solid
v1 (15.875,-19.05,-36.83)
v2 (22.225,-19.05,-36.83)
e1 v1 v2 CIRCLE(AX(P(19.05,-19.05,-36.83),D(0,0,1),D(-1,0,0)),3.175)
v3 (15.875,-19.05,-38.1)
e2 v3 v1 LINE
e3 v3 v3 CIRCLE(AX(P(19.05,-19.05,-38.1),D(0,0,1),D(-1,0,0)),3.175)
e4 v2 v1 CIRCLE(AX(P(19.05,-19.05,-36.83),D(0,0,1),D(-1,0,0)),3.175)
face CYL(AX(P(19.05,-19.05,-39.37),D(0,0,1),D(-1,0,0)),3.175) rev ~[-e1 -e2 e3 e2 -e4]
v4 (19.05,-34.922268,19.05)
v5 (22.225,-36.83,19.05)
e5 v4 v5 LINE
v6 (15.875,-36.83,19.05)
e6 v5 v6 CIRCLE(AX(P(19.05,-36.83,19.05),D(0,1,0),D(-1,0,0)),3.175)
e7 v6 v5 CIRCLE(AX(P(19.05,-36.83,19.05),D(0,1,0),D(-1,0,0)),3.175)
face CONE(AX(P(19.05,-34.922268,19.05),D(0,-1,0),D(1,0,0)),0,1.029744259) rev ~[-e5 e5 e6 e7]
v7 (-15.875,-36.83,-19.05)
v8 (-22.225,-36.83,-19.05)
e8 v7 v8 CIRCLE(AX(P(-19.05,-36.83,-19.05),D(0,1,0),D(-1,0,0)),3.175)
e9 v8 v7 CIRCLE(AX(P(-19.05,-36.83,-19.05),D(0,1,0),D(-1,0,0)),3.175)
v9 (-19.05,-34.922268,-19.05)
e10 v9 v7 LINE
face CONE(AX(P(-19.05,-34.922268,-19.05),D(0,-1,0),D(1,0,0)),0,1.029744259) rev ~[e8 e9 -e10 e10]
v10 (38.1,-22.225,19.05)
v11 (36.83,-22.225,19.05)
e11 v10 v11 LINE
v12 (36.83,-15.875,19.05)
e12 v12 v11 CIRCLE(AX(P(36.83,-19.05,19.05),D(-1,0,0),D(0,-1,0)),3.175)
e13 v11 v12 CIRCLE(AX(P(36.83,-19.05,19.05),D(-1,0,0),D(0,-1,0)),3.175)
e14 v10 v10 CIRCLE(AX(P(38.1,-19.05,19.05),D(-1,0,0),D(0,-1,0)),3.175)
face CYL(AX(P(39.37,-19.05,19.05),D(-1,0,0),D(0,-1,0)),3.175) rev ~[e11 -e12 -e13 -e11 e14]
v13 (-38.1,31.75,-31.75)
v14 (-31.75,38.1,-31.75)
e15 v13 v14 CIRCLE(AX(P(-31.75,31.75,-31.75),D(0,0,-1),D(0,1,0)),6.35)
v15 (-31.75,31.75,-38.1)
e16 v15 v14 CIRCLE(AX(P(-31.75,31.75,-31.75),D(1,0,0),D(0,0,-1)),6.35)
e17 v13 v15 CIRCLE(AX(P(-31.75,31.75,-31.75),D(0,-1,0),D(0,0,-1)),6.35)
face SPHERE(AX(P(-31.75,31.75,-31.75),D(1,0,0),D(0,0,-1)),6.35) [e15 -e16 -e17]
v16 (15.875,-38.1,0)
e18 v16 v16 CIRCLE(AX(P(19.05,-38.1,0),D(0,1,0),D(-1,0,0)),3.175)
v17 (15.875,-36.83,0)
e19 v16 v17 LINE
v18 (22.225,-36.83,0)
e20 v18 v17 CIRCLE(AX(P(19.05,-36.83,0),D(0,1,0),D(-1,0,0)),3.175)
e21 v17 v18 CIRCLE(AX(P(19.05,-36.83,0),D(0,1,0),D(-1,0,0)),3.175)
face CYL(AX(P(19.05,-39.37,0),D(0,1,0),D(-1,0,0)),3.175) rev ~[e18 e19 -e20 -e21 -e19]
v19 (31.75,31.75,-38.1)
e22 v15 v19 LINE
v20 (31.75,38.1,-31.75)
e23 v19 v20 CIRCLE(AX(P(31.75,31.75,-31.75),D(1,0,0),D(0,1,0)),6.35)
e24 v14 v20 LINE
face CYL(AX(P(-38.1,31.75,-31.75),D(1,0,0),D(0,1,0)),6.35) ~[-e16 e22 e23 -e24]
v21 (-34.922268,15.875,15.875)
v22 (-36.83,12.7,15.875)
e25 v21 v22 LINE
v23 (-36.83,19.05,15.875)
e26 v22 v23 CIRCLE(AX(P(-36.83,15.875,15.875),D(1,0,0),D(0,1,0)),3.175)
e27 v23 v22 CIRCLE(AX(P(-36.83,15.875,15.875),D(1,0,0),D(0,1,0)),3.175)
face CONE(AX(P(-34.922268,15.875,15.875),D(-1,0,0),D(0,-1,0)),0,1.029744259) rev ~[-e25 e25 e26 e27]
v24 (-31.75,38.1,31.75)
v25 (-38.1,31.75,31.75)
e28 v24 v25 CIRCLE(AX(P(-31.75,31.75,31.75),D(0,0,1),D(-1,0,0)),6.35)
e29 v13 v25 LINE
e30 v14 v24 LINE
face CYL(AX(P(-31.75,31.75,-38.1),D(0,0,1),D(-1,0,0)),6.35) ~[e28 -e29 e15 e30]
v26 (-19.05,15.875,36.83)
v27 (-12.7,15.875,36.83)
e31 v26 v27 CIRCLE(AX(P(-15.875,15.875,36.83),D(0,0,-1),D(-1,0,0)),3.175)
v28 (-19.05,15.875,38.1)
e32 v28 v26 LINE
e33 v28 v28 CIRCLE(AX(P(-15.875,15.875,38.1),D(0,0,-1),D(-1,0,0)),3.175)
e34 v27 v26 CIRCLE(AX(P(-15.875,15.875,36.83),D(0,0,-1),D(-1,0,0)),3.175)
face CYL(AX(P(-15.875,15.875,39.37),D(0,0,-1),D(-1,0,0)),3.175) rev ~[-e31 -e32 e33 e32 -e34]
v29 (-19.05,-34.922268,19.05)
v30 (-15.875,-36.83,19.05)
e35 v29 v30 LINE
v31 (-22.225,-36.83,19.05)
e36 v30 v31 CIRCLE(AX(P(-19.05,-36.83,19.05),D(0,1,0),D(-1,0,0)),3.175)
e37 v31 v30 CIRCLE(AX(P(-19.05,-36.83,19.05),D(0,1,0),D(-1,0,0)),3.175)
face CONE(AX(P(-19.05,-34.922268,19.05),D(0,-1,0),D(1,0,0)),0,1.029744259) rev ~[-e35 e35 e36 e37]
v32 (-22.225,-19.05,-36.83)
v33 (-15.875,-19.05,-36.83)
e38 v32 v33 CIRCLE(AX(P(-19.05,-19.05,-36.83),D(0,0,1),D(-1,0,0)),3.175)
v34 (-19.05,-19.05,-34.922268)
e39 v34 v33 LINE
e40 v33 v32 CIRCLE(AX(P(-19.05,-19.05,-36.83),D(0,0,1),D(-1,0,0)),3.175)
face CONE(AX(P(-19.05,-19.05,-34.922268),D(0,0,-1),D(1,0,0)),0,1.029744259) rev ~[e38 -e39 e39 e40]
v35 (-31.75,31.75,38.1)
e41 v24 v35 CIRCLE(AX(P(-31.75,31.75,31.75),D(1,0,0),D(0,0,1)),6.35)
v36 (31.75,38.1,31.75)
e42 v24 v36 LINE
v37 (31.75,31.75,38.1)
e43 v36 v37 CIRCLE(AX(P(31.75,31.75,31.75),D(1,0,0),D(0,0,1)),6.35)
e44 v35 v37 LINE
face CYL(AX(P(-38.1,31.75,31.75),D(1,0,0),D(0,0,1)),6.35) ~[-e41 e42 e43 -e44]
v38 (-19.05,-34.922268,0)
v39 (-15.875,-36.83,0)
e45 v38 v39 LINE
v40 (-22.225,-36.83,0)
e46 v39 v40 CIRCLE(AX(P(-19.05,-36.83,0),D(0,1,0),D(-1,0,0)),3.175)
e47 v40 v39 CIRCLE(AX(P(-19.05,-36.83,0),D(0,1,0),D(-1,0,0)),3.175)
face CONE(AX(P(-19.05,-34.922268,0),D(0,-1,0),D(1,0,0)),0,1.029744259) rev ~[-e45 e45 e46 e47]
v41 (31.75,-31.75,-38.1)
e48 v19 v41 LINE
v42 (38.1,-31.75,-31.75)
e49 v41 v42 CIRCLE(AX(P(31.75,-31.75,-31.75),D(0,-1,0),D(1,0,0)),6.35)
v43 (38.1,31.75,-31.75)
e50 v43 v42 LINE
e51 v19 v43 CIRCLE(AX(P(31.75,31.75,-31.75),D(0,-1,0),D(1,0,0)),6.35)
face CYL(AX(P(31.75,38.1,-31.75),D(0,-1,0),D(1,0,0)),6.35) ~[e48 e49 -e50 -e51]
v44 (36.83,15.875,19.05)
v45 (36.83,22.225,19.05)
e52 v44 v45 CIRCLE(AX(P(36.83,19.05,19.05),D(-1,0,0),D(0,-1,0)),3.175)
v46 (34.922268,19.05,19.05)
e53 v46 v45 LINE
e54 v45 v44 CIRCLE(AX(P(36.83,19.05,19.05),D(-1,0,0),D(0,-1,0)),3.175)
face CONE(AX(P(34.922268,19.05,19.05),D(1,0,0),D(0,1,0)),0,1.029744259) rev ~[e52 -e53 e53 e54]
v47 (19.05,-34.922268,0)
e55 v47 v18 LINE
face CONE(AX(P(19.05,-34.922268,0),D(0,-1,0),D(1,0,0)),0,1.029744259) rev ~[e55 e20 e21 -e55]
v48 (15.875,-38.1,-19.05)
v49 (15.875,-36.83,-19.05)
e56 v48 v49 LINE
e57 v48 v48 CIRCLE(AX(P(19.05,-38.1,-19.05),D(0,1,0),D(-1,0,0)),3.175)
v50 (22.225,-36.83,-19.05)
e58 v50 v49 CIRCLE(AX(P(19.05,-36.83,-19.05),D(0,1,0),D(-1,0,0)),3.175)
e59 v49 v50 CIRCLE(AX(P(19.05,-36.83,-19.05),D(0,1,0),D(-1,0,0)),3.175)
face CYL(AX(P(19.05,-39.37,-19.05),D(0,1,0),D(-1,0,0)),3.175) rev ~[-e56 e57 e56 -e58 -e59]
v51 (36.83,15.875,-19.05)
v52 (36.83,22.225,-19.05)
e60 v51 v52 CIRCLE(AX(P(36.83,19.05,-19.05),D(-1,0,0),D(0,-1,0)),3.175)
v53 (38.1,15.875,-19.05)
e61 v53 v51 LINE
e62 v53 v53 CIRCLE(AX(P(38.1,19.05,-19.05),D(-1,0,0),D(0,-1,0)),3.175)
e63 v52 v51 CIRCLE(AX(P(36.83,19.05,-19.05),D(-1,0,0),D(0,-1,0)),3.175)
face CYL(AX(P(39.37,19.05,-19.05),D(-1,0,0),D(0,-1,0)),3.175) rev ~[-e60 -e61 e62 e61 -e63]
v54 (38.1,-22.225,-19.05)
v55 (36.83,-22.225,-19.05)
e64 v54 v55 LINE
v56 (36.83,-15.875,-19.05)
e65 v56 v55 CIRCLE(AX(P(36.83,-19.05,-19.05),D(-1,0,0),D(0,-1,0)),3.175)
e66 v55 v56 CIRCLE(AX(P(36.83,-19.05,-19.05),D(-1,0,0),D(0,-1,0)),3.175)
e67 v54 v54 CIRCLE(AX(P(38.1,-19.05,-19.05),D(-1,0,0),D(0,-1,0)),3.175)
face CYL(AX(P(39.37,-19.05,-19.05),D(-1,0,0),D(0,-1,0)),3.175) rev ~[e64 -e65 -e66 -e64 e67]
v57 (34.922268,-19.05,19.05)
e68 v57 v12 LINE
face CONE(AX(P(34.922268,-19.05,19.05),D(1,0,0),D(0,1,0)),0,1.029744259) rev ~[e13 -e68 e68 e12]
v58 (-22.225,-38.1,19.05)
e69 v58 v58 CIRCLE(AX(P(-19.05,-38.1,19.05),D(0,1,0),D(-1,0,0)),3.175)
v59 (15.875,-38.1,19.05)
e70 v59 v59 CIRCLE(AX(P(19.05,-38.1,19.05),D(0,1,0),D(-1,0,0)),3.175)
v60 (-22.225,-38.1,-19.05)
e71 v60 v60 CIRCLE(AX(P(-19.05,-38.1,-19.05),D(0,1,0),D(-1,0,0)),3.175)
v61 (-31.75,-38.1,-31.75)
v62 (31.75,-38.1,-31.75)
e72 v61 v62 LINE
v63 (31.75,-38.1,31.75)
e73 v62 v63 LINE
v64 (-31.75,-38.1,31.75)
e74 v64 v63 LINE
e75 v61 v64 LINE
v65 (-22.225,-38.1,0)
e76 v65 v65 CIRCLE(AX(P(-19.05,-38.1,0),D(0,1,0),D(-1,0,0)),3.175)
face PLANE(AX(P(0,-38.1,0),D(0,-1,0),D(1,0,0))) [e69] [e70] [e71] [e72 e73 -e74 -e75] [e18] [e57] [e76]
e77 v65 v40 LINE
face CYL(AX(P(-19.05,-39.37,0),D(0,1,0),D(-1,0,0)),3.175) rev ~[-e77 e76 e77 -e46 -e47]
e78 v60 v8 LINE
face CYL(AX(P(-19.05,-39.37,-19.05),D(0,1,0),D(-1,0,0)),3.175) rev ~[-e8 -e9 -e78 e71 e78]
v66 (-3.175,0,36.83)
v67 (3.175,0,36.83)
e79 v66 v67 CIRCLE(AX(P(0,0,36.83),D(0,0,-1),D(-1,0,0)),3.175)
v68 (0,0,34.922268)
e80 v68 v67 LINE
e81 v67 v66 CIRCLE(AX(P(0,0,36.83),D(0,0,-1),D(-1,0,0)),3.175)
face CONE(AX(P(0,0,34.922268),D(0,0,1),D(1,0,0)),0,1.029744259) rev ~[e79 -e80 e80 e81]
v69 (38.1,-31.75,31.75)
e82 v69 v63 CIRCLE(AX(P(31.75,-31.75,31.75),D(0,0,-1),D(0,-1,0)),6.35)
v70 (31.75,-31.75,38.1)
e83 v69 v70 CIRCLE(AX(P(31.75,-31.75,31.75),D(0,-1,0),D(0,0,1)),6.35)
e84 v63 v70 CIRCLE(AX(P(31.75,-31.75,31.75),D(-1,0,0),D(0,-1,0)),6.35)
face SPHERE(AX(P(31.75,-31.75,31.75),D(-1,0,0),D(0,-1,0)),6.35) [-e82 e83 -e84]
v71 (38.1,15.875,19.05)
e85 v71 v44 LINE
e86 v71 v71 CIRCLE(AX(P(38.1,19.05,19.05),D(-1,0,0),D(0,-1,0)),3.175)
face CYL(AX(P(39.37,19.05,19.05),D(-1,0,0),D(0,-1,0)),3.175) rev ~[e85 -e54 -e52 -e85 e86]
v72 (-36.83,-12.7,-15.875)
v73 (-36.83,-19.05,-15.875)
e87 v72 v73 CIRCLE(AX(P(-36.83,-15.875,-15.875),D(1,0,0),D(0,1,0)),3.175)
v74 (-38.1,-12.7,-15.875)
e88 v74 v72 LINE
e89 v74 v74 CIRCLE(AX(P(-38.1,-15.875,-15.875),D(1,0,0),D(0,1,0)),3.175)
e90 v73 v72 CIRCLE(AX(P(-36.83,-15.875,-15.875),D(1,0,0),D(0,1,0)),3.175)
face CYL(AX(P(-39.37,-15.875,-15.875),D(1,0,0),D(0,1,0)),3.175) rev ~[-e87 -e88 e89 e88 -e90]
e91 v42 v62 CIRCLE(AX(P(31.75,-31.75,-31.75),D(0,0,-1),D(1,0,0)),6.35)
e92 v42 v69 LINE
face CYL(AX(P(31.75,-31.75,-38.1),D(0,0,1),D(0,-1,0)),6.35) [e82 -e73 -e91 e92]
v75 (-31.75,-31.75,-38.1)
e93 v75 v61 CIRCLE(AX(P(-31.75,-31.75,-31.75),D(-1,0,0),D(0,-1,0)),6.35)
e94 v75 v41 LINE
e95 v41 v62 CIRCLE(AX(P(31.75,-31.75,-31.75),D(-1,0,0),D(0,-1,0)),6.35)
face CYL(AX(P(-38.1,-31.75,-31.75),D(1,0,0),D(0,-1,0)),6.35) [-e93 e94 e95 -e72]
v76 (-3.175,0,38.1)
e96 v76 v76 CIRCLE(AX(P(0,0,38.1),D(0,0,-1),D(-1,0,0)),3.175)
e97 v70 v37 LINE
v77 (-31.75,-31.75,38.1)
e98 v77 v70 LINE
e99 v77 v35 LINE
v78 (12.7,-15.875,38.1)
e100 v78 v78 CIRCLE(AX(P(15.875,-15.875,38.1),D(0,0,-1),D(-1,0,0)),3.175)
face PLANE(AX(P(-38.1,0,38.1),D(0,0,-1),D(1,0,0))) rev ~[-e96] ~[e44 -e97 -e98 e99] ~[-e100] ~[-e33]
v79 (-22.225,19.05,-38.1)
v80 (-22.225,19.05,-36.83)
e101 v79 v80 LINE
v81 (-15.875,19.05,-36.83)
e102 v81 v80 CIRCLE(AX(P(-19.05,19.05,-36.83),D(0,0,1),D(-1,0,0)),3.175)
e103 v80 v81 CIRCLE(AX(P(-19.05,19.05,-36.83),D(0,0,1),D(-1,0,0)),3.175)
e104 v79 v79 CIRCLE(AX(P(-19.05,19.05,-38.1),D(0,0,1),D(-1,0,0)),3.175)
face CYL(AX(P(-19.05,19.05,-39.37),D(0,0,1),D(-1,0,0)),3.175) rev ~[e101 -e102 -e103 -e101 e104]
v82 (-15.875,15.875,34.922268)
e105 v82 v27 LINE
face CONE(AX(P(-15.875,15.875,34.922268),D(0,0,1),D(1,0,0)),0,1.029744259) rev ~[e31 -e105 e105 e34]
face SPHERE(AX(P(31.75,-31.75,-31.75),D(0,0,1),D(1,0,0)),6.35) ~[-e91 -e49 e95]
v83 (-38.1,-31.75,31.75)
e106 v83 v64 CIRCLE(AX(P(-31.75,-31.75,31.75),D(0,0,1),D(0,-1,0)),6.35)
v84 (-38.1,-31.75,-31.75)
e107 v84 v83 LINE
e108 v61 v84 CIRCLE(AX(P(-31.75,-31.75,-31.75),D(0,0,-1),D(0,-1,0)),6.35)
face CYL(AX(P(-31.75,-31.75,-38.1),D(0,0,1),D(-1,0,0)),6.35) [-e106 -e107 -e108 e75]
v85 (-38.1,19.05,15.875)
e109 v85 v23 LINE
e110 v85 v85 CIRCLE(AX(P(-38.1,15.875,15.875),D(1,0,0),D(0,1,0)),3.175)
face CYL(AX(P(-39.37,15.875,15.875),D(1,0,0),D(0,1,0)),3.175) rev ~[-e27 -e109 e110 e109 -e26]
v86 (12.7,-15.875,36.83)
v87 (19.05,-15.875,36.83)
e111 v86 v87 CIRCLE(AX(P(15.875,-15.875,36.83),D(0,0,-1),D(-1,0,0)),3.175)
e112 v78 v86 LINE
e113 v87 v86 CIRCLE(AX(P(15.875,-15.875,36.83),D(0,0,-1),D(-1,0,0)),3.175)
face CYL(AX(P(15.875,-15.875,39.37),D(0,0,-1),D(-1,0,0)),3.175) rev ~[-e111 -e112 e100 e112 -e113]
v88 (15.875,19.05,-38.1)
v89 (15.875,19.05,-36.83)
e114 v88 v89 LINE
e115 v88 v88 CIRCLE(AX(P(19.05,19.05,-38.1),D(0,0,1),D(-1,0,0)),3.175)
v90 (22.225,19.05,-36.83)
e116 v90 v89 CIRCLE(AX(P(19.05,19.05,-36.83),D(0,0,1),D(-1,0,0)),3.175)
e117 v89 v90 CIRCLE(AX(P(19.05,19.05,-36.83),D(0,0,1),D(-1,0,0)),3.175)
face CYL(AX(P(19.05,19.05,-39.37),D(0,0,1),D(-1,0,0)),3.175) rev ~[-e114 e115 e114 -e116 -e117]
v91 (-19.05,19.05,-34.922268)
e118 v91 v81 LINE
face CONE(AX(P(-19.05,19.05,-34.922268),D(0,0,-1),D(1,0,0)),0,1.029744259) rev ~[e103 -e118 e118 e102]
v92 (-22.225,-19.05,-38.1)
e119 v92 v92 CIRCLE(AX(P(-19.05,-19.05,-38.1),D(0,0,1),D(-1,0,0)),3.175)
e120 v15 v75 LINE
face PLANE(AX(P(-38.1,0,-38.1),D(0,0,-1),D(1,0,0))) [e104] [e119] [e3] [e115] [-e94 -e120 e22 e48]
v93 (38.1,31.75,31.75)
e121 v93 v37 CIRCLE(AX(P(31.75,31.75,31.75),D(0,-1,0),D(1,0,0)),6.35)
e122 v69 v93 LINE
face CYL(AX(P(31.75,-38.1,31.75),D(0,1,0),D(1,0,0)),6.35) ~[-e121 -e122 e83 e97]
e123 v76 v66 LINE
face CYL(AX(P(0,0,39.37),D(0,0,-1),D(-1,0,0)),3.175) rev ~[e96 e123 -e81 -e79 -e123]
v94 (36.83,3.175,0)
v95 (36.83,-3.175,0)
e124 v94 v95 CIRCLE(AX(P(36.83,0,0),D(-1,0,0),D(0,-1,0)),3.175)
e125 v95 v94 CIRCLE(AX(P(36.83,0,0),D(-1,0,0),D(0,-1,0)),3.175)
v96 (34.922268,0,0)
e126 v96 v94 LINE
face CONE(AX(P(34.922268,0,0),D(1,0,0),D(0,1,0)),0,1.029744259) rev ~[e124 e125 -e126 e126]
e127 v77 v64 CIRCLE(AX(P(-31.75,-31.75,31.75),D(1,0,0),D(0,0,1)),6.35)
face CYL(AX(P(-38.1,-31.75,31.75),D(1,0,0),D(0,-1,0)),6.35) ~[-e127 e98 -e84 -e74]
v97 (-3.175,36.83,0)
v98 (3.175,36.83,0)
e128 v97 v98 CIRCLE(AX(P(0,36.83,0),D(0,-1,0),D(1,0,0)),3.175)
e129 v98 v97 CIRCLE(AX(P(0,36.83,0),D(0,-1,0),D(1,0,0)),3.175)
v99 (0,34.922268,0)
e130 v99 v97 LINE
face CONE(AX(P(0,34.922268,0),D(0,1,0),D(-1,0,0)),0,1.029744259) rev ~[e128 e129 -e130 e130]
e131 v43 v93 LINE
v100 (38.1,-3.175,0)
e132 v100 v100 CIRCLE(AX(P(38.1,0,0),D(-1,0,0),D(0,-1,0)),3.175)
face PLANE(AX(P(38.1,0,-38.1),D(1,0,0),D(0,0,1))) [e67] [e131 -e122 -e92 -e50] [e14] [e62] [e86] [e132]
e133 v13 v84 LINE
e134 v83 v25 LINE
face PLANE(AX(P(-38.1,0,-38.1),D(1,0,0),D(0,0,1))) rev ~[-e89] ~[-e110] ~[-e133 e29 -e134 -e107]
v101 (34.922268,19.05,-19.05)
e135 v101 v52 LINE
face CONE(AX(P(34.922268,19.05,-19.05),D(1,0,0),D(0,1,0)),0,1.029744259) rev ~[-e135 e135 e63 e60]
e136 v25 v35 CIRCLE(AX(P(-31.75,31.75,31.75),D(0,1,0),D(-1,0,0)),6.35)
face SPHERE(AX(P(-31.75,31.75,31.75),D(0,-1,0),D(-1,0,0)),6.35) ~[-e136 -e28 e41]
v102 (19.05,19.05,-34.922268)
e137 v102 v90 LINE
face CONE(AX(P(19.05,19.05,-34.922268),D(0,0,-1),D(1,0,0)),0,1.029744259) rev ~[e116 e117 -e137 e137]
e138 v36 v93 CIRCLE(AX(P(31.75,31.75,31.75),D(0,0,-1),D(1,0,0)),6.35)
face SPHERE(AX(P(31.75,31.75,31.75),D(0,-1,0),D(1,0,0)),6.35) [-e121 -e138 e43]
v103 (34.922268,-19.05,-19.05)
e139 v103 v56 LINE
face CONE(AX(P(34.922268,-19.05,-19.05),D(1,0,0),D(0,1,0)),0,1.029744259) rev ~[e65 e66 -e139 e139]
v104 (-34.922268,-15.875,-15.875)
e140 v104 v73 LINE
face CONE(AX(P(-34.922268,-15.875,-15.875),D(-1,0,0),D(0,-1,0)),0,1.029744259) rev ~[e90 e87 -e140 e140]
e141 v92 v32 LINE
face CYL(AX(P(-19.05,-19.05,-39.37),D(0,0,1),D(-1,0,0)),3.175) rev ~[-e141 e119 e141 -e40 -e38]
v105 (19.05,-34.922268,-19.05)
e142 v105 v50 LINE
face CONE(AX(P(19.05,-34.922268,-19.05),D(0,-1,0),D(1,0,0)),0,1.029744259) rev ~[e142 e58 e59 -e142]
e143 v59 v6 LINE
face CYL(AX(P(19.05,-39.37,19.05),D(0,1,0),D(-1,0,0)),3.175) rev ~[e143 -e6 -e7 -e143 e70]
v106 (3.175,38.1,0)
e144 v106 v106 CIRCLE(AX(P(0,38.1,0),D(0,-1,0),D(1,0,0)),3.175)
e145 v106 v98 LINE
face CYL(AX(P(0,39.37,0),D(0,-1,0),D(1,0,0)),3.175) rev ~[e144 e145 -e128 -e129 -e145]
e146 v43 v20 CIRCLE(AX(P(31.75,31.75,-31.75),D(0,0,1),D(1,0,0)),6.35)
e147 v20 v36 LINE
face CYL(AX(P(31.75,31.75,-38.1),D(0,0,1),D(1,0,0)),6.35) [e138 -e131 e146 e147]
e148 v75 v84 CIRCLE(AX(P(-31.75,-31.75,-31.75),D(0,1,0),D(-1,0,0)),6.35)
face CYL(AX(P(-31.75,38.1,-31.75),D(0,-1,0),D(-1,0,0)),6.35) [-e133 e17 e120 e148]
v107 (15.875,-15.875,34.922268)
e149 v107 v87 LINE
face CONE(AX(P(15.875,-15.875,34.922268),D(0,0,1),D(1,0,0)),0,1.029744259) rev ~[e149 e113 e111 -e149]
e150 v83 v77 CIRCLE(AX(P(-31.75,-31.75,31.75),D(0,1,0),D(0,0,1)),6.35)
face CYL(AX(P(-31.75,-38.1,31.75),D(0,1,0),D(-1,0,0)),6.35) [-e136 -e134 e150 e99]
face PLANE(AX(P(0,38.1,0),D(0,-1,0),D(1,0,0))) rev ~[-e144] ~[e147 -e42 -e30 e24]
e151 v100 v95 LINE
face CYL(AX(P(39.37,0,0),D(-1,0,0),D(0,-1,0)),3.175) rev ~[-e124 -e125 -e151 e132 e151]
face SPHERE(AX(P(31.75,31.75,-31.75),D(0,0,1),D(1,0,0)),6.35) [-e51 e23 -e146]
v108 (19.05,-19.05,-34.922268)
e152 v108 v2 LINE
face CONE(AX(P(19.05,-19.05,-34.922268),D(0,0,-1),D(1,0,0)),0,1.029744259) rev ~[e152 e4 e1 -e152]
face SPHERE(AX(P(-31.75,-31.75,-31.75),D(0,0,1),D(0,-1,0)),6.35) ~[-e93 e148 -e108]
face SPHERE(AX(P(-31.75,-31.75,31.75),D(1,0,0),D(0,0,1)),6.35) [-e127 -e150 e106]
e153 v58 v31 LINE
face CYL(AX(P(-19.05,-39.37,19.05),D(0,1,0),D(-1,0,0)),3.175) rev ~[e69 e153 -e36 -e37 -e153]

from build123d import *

# Parameters (mm, degrees)
F0_W      = 76.2
F0_H      = 76.2
F1_DEPTH  = 38.1
F2_R      = 6.35
F4_D      = 6.35
F4_DEPTH  = 1.27
F4_TIP    = 1.9077324654
F6_D      = 6.35
F6_DEPTH  = 1.27
F6_TIP    = 1.9077324654
F8_D      = 6.35
F8_DEPTH  = 1.27
F8_TIP    = 1.9077324654
F10_D     = 6.35
F10_DEPTH = 1.27
F10_TIP   = 1.9077324654
F12_D     = 6.35
F12_DEPTH = 1.27
F12_TIP   = 1.9077324654
F14_D     = 6.35
F14_DEPTH = 1.27
F14_TIP   = 1.9077324654


with BuildPart() as f1:
    # F0 (on Front) → F1 (new body, symmetric)
    with BuildSketch(Plane.XZ):
        Rectangle(F0_W, F0_H)
    extrude(amount=F1_DEPTH, both=True)

    # F2
    f2_edges = [f1.edges().sort_by_distance(p)[0] for p in [
        (0, -38.1, 38.1),
        (-38.1, 0, 38.1),
        (-38.1, -38.1, 0),
        (38.1, -38.1, 0),
        (38.1, 0, 38.1),
        (38.1, 38.1, 0),
        (38.1, 0, -38.1),
        (0, 38.1, -38.1),
        (0, -38.1, -38.1),
        (-38.1, 0, -38.1),
        (-38.1, 38.1, 0),
        (0, 38.1, 38.1),
    ]]
    fillet(f2_edges, radius=F2_R)

    # F4
    with Locations(Plane.XZ.offset(38.1)):
        with Locations((-19.05, 0), (-19.05, 19.05), (19.05, 19.05), (19.05, 0), (19.05, -19.05), (-19.05, -19.05)):
            Hole(F4_D / 2, depth=F4_DEPTH)
            with Locations((0, 0, -(F4_DEPTH + F4_TIP / 2))):  # 118° drill point
                Cone(0, F4_D / 2, F4_TIP, mode=Mode.SUBTRACT)

    # F6
    with Locations(Plane(origin=(0, 38.1, 0), x_dir=(-1, 0, 0), z_dir=(0, 1, 0))):
        with Locations((0, 0)):
            Hole(F6_D / 2, depth=F6_DEPTH)
            with Locations((0, 0, -(F6_DEPTH + F6_TIP / 2))):  # 118° drill point
                Cone(0, F6_D / 2, F6_TIP, mode=Mode.SUBTRACT)

    # F8
    with Locations(Plane.YZ.offset(38.1)):
        with Locations((-19.05, 19.05), (0, 0), (19.05, 19.05), (19.05, -19.05), (-19.05, -19.05)):
            Hole(F8_D / 2, depth=F8_DEPTH)
            with Locations((0, 0, -(F8_DEPTH + F8_TIP / 2))):  # 118° drill point
                Cone(0, F8_D / 2, F8_TIP, mode=Mode.SUBTRACT)

    # F10
    with Locations(Plane(origin=(-38.1, 0, 0), x_dir=(0, -1, 0), z_dir=(-1, 0, 0))):
        with Locations((-15.875, 15.875), (15.875, -15.875)):
            Hole(F10_D / 2, depth=F10_DEPTH)
            with Locations((0, 0, -(F10_DEPTH + F10_TIP / 2))):  # 118° drill point
                Cone(0, F10_D / 2, F10_TIP, mode=Mode.SUBTRACT)

    # F12
    with Locations(Plane.XY.offset(38.1)):
        with Locations((-15.875, 15.875), (0, 0), (15.875, -15.875)):
            Hole(F12_D / 2, depth=F12_DEPTH)
            with Locations((0, 0, -(F12_DEPTH + F12_TIP / 2))):  # 118° drill point
                Cone(0, F12_D / 2, F12_TIP, mode=Mode.SUBTRACT)

    # F14
    with Locations(Plane(origin=(0, 0, -38.1), x_dir=(1, 0, 0), z_dir=(0, 0, -1))):
        with Locations((-19.05, 19.05), (19.05, 19.05), (19.05, -19.05), (-19.05, -19.05)):
            Hole(F14_D / 2, depth=F14_DEPTH)
            with Locations((0, 0, -(F14_DEPTH + F14_TIP / 2))):  # 118° drill point
                Cone(0, F14_D / 2, F14_TIP, mode=Mode.SUBTRACT)


solid = f1.part
